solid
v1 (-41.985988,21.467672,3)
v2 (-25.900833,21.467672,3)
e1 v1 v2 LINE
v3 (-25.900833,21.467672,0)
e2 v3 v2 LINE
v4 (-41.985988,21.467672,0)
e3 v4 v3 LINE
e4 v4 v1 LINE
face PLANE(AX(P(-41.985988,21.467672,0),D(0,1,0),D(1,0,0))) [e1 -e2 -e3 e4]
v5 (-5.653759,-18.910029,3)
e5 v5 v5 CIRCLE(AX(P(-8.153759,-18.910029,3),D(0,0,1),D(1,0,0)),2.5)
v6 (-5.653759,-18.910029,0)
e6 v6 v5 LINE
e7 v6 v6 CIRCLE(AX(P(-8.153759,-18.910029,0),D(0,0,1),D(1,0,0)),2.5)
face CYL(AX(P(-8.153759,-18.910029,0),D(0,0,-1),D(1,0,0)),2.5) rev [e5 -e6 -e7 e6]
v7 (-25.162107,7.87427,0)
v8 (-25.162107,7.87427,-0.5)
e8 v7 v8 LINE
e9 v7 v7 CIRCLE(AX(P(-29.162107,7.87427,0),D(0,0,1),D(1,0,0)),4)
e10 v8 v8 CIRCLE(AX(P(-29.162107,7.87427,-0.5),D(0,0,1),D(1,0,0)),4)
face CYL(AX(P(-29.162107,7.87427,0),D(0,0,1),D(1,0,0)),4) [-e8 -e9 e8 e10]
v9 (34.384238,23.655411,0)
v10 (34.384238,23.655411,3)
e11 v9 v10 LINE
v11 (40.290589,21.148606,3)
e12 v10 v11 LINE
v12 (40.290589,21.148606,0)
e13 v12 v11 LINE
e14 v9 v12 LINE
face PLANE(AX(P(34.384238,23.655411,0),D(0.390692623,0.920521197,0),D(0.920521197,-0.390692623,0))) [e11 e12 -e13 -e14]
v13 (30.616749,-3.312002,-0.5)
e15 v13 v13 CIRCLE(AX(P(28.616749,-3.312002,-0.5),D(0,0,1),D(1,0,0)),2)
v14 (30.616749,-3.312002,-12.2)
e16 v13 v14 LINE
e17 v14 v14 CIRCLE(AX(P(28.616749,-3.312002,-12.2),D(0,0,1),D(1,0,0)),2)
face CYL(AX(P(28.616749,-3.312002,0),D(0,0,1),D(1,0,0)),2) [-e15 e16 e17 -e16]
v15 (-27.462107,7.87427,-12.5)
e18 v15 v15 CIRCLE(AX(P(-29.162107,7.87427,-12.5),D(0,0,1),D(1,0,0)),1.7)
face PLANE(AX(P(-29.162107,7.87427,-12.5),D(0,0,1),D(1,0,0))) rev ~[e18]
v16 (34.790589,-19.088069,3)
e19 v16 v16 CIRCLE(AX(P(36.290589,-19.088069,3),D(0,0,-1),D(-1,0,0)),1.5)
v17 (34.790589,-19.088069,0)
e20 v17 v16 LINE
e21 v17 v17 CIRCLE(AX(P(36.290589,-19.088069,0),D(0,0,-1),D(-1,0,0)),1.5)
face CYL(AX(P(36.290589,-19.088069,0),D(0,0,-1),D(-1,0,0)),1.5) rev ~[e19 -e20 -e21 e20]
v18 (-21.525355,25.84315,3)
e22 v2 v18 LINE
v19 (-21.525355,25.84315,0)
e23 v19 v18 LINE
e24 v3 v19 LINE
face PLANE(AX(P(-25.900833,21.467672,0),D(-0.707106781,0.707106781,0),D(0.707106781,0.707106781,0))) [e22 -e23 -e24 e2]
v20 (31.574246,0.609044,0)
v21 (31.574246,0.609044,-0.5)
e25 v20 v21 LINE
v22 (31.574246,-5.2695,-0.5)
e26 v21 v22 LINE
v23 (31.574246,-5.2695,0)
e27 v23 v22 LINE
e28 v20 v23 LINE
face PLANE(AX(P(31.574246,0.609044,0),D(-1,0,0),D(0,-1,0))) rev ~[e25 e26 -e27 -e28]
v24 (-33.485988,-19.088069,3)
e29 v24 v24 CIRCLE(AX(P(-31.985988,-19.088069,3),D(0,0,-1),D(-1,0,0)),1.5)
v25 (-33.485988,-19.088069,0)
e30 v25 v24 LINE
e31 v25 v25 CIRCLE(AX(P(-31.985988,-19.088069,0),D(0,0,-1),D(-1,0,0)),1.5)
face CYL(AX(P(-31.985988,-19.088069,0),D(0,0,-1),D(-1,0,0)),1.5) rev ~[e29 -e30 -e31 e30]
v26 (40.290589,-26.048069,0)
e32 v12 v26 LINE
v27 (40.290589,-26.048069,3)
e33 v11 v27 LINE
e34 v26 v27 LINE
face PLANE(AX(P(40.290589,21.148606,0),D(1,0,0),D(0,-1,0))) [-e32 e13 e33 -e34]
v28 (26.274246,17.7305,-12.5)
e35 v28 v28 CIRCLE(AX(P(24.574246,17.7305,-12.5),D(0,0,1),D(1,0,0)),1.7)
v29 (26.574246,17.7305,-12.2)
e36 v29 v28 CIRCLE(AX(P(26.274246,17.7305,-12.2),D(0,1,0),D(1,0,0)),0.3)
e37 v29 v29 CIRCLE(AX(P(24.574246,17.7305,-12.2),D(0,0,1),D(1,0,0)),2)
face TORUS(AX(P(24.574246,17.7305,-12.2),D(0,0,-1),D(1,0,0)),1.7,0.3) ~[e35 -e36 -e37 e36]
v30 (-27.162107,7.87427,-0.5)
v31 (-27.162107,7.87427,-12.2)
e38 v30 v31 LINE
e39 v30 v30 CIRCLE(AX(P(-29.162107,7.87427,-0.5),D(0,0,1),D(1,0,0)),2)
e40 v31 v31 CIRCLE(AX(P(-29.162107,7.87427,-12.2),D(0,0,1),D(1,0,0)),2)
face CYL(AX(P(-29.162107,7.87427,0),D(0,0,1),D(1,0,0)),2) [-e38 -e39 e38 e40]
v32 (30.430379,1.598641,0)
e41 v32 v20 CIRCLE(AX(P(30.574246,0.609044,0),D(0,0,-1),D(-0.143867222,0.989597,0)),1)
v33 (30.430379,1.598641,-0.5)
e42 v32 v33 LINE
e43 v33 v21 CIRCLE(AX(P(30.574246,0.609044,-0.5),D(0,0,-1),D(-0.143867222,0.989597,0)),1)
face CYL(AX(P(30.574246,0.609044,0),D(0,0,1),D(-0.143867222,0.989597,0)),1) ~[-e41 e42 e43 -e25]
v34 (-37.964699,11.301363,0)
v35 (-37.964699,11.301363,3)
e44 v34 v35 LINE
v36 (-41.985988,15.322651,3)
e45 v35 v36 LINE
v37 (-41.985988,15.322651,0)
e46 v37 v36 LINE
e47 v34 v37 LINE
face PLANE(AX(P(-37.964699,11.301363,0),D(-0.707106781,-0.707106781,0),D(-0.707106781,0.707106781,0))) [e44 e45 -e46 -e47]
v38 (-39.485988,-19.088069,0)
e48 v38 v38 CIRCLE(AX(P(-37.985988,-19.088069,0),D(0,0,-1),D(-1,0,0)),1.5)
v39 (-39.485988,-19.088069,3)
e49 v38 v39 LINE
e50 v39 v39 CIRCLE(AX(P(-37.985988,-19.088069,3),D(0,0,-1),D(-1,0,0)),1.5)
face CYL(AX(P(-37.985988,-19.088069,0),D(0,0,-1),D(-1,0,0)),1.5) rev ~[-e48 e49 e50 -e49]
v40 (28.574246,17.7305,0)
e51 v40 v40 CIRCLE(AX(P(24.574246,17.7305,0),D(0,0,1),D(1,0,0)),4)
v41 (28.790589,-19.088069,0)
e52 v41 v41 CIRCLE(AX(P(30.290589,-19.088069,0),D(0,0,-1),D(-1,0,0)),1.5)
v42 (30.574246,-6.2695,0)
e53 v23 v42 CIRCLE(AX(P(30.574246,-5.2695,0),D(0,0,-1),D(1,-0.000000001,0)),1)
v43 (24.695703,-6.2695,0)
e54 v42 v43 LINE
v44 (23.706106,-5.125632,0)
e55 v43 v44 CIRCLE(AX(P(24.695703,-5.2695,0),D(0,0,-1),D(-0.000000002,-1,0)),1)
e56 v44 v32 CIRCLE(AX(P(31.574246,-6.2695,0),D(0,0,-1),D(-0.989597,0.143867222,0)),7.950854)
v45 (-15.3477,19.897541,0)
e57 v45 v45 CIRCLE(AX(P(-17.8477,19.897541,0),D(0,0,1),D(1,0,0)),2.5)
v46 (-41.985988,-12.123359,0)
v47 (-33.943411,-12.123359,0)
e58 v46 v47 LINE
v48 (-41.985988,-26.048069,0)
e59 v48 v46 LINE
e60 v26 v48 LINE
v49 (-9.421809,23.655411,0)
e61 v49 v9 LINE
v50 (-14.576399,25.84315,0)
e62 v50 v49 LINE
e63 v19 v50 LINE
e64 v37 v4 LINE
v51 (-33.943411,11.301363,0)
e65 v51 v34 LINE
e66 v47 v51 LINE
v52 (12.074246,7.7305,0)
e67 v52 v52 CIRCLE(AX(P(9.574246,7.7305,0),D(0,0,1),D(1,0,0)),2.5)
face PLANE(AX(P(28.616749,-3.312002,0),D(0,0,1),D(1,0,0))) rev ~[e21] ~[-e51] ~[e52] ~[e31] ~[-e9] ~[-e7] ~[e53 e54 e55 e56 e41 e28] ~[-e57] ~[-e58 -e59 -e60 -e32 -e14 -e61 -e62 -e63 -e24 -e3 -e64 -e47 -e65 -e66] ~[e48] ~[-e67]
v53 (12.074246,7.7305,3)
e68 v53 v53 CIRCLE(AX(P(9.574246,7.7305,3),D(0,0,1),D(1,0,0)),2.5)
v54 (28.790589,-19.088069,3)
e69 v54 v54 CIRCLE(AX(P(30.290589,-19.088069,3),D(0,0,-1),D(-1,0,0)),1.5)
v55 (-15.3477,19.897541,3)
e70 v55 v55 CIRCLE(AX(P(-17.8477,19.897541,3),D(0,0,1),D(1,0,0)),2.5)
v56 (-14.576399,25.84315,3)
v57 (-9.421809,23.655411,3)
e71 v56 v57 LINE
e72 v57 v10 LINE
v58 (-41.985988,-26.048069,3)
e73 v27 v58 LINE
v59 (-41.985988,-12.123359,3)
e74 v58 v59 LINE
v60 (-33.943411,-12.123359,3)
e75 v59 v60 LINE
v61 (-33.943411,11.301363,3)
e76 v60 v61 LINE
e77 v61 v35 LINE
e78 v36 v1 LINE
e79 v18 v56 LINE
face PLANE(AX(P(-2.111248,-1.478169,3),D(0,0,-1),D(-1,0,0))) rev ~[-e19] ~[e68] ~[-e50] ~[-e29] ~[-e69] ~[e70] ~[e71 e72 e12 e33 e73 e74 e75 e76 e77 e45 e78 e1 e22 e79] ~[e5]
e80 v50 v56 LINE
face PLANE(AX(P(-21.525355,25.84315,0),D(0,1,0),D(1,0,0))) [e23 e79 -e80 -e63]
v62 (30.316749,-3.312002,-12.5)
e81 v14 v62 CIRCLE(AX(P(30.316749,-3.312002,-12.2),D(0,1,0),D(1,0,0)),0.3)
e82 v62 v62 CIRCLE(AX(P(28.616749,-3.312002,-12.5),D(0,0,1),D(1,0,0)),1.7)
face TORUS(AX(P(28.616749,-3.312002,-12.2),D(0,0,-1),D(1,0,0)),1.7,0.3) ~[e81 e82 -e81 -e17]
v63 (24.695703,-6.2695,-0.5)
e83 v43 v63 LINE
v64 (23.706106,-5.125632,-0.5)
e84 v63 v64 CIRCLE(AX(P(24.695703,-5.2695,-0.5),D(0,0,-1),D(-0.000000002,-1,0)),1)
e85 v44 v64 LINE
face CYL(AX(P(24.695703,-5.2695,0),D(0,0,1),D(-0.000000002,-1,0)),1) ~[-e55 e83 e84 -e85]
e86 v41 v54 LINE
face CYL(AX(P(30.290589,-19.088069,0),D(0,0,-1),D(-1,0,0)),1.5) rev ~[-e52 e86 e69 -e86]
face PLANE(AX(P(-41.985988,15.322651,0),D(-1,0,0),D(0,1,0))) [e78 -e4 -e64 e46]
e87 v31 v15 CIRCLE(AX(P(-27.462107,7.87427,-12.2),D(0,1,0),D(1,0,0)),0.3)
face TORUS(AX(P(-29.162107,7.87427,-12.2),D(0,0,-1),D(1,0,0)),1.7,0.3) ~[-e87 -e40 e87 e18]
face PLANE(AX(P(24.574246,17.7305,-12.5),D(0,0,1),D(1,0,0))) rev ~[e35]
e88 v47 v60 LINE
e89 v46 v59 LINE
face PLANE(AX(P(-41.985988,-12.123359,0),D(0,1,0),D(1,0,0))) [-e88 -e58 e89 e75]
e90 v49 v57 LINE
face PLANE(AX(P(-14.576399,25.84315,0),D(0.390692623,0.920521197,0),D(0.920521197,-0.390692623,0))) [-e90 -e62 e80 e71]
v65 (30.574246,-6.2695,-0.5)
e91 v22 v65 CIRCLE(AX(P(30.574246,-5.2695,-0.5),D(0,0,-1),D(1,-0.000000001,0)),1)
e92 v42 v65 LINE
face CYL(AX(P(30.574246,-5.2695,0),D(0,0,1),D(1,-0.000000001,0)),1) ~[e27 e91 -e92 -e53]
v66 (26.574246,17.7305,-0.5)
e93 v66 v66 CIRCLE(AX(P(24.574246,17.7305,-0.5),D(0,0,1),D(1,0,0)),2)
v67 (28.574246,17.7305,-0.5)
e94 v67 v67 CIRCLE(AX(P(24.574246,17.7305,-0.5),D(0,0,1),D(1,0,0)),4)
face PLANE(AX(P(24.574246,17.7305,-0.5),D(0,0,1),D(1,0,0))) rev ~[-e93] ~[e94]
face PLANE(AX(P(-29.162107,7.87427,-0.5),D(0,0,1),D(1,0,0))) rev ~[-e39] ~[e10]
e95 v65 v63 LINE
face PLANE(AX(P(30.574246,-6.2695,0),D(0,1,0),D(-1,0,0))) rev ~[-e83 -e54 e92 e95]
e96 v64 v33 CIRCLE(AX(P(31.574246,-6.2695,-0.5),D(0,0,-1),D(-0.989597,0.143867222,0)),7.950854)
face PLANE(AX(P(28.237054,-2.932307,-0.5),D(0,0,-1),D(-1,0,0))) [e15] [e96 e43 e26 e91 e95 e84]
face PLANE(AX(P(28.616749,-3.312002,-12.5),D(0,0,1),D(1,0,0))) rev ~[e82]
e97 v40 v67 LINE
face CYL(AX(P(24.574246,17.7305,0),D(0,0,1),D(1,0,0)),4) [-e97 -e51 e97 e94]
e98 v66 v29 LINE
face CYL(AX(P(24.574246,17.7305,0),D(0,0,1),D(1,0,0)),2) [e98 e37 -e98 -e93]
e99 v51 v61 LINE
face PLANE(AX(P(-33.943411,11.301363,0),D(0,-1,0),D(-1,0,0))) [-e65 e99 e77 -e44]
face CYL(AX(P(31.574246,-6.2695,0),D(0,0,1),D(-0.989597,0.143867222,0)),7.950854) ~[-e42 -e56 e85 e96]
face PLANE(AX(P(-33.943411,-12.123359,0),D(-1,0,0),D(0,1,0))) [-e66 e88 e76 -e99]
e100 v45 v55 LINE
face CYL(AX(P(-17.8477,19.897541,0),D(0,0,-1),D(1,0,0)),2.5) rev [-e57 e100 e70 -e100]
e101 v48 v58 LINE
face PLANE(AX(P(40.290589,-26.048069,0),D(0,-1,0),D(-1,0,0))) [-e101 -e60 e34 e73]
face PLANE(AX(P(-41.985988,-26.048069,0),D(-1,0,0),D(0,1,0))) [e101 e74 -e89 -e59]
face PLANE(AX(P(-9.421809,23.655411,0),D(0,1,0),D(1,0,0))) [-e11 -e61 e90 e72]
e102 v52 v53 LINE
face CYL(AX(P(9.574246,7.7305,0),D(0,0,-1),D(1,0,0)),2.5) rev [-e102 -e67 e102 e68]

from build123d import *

# Parameters (mm, degrees)
SKETCH_2_R          = 2.5
EXTRUDE_11_DEPTH    = 3
SKETCH_2_16_R       = 2
SKETCH_2_16_R_2     = 4
EXTRUDE_12_DEPTH    = 0.5
SKETCH_2_17_R       = 2
EXTRUDE_13_DEPTH    = 12.5
FILLET_1_R          = 0.3
CUT_EXTRUDE_1_REACH = 52.966
SKETCH_3_R          = 1.5


with BuildPart() as part:
    # 스케치2 → 보스-돌출11 (new body)
    with BuildSketch(Plane.XY):
        Polygon((-25.900833035, 21.467672234), (-41.985987982, 21.467672234), (-41.985987982, 15.322651266), (-37.964699246, 11.301362529), (-33.943410509, 11.301362529), (-33.943410509, -12.123358681), (-41.985987982, -12.123358681), (-41.985987982, -26.048068749), (40.290588771, -26.048068749), (40.290588771, 21.148605879), (34.384238258, 23.655411353), (-9.421808725, 23.655411353), (-14.576398582, 25.843150472), (-21.525354797, 25.843150472), align=None)
        with Locations((-8.153758739, -18.910029411)):
            Circle(SKETCH_2_R, mode=Mode.SUBTRACT)
        with Locations((-17.847699606, 19.897540861)):
            Circle(SKETCH_2_R, mode=Mode.SUBTRACT)
        with Locations((9.574246485, 7.73050044)):
            Circle(SKETCH_2_R, mode=Mode.SUBTRACT)
    extrude(amount=EXTRUDE_11_DEPTH)

    # 스케치2<16> → 보스-돌출12 (add)
    # profile 1 of 3: a face of its own
    with BuildSketch(Plane.XY):
        with BuildLine():
            ThreePointArc((23.706105599, -5.125632338), (23.939439675, -5.923767386), (24.695702599, -6.26949956))
            Line((24.695702599, -6.26949956), (30.574246485, -6.26949956))
            ThreePointArc((30.574246485, -6.26949956), (31.281353266, -5.976606341), (31.574246485, -5.26949956))
            Line((31.574246485, -5.26949956), (31.574246485, 0.609044326))
            ThreePointArc((31.574246485, 0.609044326), (31.228514311, 1.365307251), (30.430379263, 1.598641326))
            ThreePointArc((30.430379263, 1.598641326), (25.952143977, -0.647397052), (23.706105599, -5.125632338))
        make_face()
        with Locations((28.616748621, -3.312001696)):
            Circle(SKETCH_2_16_R, mode=Mode.SUBTRACT)
    # profile 2 of 3: a face of its own
    with BuildSketch(Plane.XY):
        with Locations((-29.162107176, 7.874269984)):
            Circle(SKETCH_2_16_R_2)
        with Locations((-29.162107176, 7.874269984)):
            Circle(SKETCH_2_16_R, mode=Mode.SUBTRACT)
    # profile 3 of 3: a face of its own
    with BuildSketch(Plane.XY):
        with Locations((24.574246485, 17.73050044)):
            Circle(SKETCH_2_16_R_2)
        with Locations((24.574246485, 17.73050044)):
            Circle(SKETCH_2_16_R, mode=Mode.SUBTRACT)
    extrude(amount=-EXTRUDE_12_DEPTH)

    # 스케치2<17> → 보스-돌출13 (add)
    with BuildSketch(Plane.XY):
        with Locations((-29.162107176, 7.874269984)):
            Circle(SKETCH_2_17_R)
        with Locations((24.574246485, 17.73050044)):
            Circle(SKETCH_2_17_R)
        with Locations((28.616748621, -3.312001696)):
            Circle(SKETCH_2_17_R)
    extrude(amount=-EXTRUDE_13_DEPTH)

    # 필렛1
    fillet_1_edges = [part.edges().sort_by_distance(p)[0] for p in [
        (26.616748621, -3.312001696, -12.5),
        (22.574246485, 17.73050044, -12.5),
        (-31.162107176, 7.874269984, -12.5),
    ]]
    fillet(fillet_1_edges, radius=FILLET_1_R)

    # 스케치3 → 컷-돌출1 (cut, up to next)
    with BuildSketch(Plane(origin=(0, 0, 0), x_dir=(-1, 0, 0), z_dir=(0, 0, -1)), mode=Mode.PRIVATE) as cut_extrude_1_sk1:
        with Locations((-36.290588771, -19.088068749)):
            Circle(SKETCH_3_R)
    cut_extrude_1_tool1 = extrude(cut_extrude_1_sk1.sketch, amount=-CUT_EXTRUDE_1_REACH, mode=Mode.PRIVATE) & part.part
    # 스케치3 → 컷-돌출1 (cut, up to next)
    with BuildSketch(Plane(origin=(0, 0, 0), x_dir=(-1, 0, 0), z_dir=(0, 0, -1)), mode=Mode.PRIVATE) as cut_extrude_1_sk2:
        with Locations((-30.290588771, -19.088068749)):
            Circle(SKETCH_3_R)
    cut_extrude_1_tool2 = extrude(cut_extrude_1_sk2.sketch, amount=-CUT_EXTRUDE_1_REACH, mode=Mode.PRIVATE) & part.part
    # 스케치3 → 컷-돌출1 (cut, up to next)
    with BuildSketch(Plane(origin=(0, 0, 0), x_dir=(-1, 0, 0), z_dir=(0, 0, -1)), mode=Mode.PRIVATE) as cut_extrude_1_sk3:
        with Locations((31.985987982, -19.088068749)):
            Circle(SKETCH_3_R)
    cut_extrude_1_tool3 = extrude(cut_extrude_1_sk3.sketch, amount=-CUT_EXTRUDE_1_REACH, mode=Mode.PRIVATE) & part.part
    # 스케치3 → 컷-돌출1 (cut, up to next)
    with BuildSketch(Plane(origin=(0, 0, 0), x_dir=(-1, 0, 0), z_dir=(0, 0, -1)), mode=Mode.PRIVATE) as cut_extrude_1_sk4:
        with Locations((37.985987982, -19.088068749)):
            Circle(SKETCH_3_R)
    cut_extrude_1_tool4 = extrude(cut_extrude_1_sk4.sketch, amount=-CUT_EXTRUDE_1_REACH, mode=Mode.PRIVATE) & part.part
    add(cut_extrude_1_tool1.solids().sort_by_distance((36.290589, -19.088069, 0))[0], mode=Mode.SUBTRACT)
    add(cut_extrude_1_tool2.solids().sort_by_distance((30.290589, -19.088069, 0))[0], mode=Mode.SUBTRACT)
    add(cut_extrude_1_tool3.solids().sort_by_distance((-31.985988, -19.088069, 0))[0], mode=Mode.SUBTRACT)
    add(cut_extrude_1_tool4.solids().sort_by_distance((-37.985988, -19.088069, 0))[0], mode=Mode.SUBTRACT)


solid = part.part
